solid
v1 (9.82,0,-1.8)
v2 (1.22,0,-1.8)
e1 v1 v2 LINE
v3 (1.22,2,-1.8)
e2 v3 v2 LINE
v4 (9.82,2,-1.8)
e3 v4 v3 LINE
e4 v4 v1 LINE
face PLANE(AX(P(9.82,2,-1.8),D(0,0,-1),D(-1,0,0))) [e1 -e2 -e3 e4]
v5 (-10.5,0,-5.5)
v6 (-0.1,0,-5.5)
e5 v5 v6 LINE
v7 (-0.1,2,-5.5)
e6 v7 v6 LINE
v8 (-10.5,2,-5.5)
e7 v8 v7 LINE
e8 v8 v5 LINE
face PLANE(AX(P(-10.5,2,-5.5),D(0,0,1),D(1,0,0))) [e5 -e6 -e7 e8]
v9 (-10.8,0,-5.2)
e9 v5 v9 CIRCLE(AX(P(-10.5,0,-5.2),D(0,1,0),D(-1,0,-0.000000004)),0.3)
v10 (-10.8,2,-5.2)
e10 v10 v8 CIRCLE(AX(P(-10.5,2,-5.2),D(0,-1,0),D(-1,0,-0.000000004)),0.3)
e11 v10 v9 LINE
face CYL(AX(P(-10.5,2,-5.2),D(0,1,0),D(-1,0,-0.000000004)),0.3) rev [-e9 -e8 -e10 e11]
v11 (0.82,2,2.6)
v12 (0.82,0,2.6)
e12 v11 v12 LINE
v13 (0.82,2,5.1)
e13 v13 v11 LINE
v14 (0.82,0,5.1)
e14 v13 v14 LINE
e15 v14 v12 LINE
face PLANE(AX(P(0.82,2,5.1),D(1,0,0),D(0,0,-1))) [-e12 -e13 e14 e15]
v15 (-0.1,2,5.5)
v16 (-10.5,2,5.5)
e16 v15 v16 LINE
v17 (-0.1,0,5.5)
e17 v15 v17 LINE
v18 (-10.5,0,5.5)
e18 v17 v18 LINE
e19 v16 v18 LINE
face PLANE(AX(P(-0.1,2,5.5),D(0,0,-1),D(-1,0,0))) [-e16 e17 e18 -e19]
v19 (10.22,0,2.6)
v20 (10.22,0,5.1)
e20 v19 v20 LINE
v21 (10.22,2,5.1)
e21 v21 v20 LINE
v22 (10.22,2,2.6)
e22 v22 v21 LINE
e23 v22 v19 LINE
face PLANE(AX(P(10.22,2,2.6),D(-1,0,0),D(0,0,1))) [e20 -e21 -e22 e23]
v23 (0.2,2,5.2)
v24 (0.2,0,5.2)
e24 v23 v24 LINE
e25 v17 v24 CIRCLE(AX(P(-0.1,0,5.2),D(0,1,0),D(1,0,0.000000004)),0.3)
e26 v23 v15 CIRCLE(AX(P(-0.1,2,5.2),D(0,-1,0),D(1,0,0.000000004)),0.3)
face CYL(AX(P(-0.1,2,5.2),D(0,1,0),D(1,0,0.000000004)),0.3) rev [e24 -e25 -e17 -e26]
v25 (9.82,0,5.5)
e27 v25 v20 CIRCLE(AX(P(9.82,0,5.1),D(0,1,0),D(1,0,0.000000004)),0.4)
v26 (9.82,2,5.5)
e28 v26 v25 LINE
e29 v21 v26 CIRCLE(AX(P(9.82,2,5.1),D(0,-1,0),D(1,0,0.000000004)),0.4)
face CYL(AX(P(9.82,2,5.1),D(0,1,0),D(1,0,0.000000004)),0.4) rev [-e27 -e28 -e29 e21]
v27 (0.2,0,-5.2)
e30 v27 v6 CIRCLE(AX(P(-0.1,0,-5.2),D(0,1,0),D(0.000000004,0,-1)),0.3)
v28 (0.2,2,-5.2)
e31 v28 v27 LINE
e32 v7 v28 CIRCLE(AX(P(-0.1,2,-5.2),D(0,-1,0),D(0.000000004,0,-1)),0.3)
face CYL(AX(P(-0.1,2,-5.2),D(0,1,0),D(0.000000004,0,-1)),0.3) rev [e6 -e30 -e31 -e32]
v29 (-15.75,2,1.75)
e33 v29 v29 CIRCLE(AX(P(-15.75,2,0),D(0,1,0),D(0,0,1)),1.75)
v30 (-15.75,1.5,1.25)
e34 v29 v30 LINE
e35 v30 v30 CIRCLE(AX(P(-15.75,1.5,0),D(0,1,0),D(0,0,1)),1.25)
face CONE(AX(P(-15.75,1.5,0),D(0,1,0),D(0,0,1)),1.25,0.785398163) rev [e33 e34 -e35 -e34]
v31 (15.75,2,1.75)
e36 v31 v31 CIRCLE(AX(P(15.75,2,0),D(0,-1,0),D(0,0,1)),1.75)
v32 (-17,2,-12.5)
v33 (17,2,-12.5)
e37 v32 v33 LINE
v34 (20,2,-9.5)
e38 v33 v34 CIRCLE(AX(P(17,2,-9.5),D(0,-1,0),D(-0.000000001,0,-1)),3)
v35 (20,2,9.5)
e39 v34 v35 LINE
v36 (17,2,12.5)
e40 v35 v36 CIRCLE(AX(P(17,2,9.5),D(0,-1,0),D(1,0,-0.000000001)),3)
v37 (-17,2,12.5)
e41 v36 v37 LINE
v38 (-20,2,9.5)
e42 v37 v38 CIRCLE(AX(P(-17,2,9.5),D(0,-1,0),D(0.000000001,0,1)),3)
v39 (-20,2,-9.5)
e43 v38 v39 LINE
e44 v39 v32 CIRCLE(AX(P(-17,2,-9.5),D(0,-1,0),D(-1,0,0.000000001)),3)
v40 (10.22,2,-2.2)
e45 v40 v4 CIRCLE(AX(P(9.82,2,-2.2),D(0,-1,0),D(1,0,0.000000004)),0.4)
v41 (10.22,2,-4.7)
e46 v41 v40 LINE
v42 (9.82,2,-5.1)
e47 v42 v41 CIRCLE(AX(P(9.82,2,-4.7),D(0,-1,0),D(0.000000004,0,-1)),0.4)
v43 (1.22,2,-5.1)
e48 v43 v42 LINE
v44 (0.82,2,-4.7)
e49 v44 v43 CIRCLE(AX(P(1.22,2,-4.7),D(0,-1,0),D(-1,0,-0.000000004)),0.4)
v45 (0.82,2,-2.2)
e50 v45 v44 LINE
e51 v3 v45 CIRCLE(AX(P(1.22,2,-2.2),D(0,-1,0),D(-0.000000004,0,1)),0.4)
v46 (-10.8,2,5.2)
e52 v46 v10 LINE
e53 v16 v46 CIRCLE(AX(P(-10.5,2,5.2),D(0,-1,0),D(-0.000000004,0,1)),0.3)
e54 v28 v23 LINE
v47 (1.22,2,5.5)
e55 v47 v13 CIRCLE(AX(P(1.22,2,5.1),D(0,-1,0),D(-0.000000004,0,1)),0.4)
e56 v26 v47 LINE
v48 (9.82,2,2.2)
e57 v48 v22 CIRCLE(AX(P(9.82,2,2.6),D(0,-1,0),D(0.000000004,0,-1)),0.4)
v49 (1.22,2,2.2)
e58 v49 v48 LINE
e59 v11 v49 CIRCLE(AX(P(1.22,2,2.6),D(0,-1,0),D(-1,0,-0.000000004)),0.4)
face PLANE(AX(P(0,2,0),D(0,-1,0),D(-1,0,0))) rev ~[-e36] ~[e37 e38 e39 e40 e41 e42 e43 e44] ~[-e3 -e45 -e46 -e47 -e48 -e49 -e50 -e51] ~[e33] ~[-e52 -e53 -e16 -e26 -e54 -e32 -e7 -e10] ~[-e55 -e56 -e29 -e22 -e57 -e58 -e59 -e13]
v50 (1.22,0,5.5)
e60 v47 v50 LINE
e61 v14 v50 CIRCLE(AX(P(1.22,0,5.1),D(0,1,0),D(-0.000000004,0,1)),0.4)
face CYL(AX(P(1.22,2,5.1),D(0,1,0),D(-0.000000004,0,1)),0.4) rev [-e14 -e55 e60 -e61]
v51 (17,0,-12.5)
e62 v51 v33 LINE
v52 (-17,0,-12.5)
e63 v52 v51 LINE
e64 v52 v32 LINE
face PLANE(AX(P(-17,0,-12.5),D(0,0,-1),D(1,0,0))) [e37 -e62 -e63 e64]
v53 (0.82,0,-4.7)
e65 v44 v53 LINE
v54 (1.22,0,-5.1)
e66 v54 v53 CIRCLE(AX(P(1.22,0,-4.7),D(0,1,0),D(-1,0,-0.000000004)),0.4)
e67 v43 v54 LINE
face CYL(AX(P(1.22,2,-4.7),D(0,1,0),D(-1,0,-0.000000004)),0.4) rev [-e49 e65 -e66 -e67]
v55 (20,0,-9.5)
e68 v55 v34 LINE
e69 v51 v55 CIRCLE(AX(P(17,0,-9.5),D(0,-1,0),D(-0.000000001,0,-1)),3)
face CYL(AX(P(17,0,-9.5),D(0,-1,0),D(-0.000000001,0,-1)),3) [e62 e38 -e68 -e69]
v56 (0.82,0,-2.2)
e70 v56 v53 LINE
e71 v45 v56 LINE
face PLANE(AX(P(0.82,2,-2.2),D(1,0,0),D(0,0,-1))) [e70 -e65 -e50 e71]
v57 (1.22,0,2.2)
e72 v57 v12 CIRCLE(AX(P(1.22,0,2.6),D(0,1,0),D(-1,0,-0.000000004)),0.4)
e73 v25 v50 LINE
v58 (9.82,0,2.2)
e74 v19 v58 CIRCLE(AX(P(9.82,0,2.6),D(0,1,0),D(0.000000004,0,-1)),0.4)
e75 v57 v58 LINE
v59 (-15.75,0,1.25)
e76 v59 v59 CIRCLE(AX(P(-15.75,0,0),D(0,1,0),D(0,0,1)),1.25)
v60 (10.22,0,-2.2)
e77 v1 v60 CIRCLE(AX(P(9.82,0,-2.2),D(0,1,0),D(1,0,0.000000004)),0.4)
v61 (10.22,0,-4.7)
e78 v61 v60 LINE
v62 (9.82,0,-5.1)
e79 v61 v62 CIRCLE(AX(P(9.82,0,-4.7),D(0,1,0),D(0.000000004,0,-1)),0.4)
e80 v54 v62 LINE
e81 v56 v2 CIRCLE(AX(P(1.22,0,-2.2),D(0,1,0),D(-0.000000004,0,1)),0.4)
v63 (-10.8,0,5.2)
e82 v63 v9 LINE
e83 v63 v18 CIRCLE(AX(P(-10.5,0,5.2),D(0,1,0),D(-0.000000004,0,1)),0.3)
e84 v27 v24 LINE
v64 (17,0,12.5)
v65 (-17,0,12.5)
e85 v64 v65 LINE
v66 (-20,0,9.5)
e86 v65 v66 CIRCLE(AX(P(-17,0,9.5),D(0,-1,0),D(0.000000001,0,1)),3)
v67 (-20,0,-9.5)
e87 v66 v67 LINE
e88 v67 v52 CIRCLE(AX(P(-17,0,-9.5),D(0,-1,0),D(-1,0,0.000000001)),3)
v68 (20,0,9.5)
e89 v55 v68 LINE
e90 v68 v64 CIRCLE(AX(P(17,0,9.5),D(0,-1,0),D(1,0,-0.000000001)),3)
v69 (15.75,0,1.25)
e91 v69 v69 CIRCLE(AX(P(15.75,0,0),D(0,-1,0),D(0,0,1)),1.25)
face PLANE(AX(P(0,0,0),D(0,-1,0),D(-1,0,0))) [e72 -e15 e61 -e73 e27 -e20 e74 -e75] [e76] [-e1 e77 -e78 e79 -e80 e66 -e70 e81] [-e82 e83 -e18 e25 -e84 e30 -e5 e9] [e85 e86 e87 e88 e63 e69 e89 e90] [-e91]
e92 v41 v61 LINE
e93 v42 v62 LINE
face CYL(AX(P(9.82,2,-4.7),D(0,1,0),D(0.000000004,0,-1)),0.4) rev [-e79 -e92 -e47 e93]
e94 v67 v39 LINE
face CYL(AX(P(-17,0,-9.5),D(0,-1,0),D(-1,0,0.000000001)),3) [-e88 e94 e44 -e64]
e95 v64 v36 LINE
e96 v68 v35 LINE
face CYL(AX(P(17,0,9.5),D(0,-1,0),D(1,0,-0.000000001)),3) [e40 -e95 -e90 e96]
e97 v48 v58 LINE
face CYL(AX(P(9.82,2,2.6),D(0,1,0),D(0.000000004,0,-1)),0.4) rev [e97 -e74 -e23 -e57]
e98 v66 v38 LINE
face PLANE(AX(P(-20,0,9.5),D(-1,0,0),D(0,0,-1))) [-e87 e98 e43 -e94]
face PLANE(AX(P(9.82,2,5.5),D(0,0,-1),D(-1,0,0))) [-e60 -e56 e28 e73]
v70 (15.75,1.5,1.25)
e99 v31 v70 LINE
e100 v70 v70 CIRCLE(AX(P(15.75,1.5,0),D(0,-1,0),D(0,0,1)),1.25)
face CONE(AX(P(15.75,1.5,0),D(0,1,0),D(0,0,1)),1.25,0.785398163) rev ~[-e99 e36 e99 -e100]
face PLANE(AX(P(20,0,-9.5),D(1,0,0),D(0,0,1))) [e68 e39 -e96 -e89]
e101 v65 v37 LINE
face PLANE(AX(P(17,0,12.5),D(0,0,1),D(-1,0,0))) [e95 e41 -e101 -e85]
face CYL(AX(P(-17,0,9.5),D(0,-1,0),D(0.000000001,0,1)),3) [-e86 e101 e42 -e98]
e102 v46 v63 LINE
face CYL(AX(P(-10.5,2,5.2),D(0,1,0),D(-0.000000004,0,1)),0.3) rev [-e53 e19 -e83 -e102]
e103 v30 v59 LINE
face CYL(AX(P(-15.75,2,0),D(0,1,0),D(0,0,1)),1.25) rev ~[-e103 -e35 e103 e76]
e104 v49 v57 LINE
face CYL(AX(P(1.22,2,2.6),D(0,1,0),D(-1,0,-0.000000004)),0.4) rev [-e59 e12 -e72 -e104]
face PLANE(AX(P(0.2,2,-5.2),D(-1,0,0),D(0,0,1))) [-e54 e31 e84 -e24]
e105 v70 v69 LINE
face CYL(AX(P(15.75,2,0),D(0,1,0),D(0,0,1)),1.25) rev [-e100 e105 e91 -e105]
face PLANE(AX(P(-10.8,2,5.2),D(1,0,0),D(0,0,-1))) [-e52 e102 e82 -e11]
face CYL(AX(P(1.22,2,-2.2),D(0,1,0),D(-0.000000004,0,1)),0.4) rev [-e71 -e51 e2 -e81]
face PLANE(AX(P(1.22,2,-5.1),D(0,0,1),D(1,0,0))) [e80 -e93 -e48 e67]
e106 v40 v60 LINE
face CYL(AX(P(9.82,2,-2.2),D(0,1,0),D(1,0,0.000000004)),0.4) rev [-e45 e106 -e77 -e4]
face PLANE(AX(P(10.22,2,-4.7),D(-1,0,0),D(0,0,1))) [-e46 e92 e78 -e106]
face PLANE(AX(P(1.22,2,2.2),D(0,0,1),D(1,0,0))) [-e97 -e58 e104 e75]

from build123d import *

# Parameters (mm, degrees)
EXTRUDE_1_DEPTH            = 2
CUT_EXTRUDE_1_REACH        = 25.67
SKETCH_2_R                 = 1.25
CHAMFER_1_SIZE             = 0.5
CHAMFER_1_OF_MIRROR_3_SIZE = 0.5
CUT_EXTRUDE_2_REACH        = 25.67
CUT_EXTRUDE_3_REACH        = 25.67
CUT_EXTRUDE_4_REACH        = 25.67


with BuildPart() as part:
    # 草图1 → 凸台-拉伸1 (new body)
    with BuildSketch(Plane(origin=(0, 0, 0), x_dir=(1, 0, 0), z_dir=(0, 1, 0))):
        with BuildLine():
            Line((-17, 12.5), (17, 12.5))
            ThreePointArc((17, 12.5), (19.121320344, 11.621320344), (20, 9.5))
            Line((20, 9.5), (20, -9.5))
            ThreePointArc((20, -9.5), (19.121320344, -11.621320344), (17, -12.5))
            Line((17, -12.5), (-17, -12.5))
            ThreePointArc((-17, -12.5), (-19.121320344, -11.621320344), (-20, -9.5))
            Line((-20, -9.5), (-20, 9.5))
            ThreePointArc((-20, 9.5), (-19.121320344, 11.621320344), (-17, 12.5))
        make_face()
    extrude(amount=EXTRUDE_1_DEPTH)

    # 草图2 → 切除-拉伸1 (cut, up to next)
    with BuildSketch(Plane(origin=(0, 2, 0), x_dir=(1, 0, 0), z_dir=(0, 1, 0)), mode=Mode.PRIVATE) as cut_extrude_1_sk1:
        with Locations(Location((-15.75, 0, 0), (0, 0, 270))):
            Circle(SKETCH_2_R)
    cut_extrude_1_tool1 = extrude(cut_extrude_1_sk1.sketch, amount=-CUT_EXTRUDE_1_REACH, mode=Mode.PRIVATE) & part.part
    cut_extrude_1 = cut_extrude_1_tool1.solids().sort_by_distance((-15.75, 2, 0))[0]
    add(cut_extrude_1, mode=Mode.SUBTRACT)

    # 倒角1
    chamfer_1_edges = [part.edges().sort_by_distance(p)[0] for p in [
        (-15.75, 2, -1.25),
    ]]
    chamfer(chamfer_1_edges, length=CHAMFER_1_SIZE)

    # 镜向3: 切除-拉伸1 across plane
    add(cut_extrude_1.mirror(Plane(origin=(0, 0, 0), x_dir=(0, 0, 1), z_dir=(1, 0, 0))), mode=Mode.SUBTRACT)

    # 倒角1 of 镜向3
    chamfer_1_of_mirror_3_edges = [part.edges().sort_by_distance(p)[0] for p in [
        (15.75, 2, -1.25),
    ]]
    chamfer(chamfer_1_of_mirror_3_edges, length=CHAMFER_1_OF_MIRROR_3_SIZE)

    # 草图3 → 切除-拉伸2 (cut, up to next)
    with BuildSketch(Plane(origin=(0, 2, 0), x_dir=(1, 0, 0), z_dir=(0, 1, 0)), mode=Mode.PRIVATE) as cut_extrude_2_sk1:
        with BuildLine():
            Line((-10.5, 5.5), (-0.1, 5.5))
            ThreePointArc((-0.1, 5.5), (0.112132034, 5.412132034), (0.2, 5.2))
            Line((0.2, 5.2), (0.2, -5.2))
            ThreePointArc((0.2, -5.2), (0.112132034, -5.412132034), (-0.1, -5.5))
            Line((-0.1, -5.5), (-10.5, -5.5))
            ThreePointArc((-10.5, -5.5), (-10.712132034, -5.412132034), (-10.8, -5.2))
            Line((-10.8, -5.2), (-10.8, 5.2))
            ThreePointArc((-10.8, 5.2), (-10.712132034, 5.412132034), (-10.5, 5.5))
        make_face()
    cut_extrude_2_tool1 = extrude(cut_extrude_2_sk1.sketch, amount=-CUT_EXTRUDE_2_REACH, mode=Mode.PRIVATE) & part.part
    add(cut_extrude_2_tool1.solids().sort_by_distance((-5.3, 2, 0))[0], mode=Mode.SUBTRACT)

    # 草图4 → 切除-拉伸3 (cut, up to next)
    with BuildSketch(Plane(origin=(0, 2, 0), x_dir=(1, 0, 0), z_dir=(0, 1, 0)), mode=Mode.PRIVATE) as cut_extrude_3_sk1:
        with BuildLine():
            Line((1.22, -2.2), (9.82, -2.2))
            ThreePointArc((9.82, -2.2), (10.102842712, -2.317157288), (10.22, -2.6))
            Line((10.22, -2.6), (10.22, -5.1))
            ThreePointArc((10.22, -5.1), (10.102842712, -5.382842712), (9.82, -5.5))
            Line((9.82, -5.5), (1.22, -5.5))
            ThreePointArc((1.22, -5.5), (0.937157288, -5.382842712), (0.82, -5.1))
            Line((0.82, -5.1), (0.82, -2.6))
            ThreePointArc((0.82, -2.6), (0.937157288, -2.317157288), (1.22, -2.2))
        make_face()
    cut_extrude_3_tool1 = extrude(cut_extrude_3_sk1.sketch, amount=-CUT_EXTRUDE_3_REACH, mode=Mode.PRIVATE) & part.part
    add(cut_extrude_3_tool1.solids().sort_by_distance((5.52, 2, 3.85))[0], mode=Mode.SUBTRACT)

    # 草图5 → 切除-拉伸4 (cut, up to next)
    with BuildSketch(Plane(origin=(0, 2, 0), x_dir=(1, 0, 0), z_dir=(0, 1, 0)), mode=Mode.PRIVATE) as cut_extrude_4_sk1:
        with BuildLine():
            Line((1.22, 5.1), (9.82, 5.1))
            ThreePointArc((9.82, 5.1), (10.102842712, 4.982842712), (10.22, 4.7))
            Line((10.22, 4.7), (10.22, 2.2))
            ThreePointArc((10.22, 2.2), (10.102842712, 1.917157288), (9.82, 1.8))
            Line((9.82, 1.8), (1.22, 1.8))
            ThreePointArc((1.22, 1.8), (0.937157288, 1.917157288), (0.82, 2.2))
            Line((0.82, 2.2), (0.82, 4.7))
            ThreePointArc((0.82, 4.7), (0.937157288, 4.982842712), (1.22, 5.1))
        make_face()
    cut_extrude_4_tool1 = extrude(cut_extrude_4_sk1.sketch, amount=-CUT_EXTRUDE_4_REACH, mode=Mode.PRIVATE) & part.part
    add(cut_extrude_4_tool1.solids().sort_by_distance((5.52, 2, -3.45))[0], mode=Mode.SUBTRACT)


solid = part.part
